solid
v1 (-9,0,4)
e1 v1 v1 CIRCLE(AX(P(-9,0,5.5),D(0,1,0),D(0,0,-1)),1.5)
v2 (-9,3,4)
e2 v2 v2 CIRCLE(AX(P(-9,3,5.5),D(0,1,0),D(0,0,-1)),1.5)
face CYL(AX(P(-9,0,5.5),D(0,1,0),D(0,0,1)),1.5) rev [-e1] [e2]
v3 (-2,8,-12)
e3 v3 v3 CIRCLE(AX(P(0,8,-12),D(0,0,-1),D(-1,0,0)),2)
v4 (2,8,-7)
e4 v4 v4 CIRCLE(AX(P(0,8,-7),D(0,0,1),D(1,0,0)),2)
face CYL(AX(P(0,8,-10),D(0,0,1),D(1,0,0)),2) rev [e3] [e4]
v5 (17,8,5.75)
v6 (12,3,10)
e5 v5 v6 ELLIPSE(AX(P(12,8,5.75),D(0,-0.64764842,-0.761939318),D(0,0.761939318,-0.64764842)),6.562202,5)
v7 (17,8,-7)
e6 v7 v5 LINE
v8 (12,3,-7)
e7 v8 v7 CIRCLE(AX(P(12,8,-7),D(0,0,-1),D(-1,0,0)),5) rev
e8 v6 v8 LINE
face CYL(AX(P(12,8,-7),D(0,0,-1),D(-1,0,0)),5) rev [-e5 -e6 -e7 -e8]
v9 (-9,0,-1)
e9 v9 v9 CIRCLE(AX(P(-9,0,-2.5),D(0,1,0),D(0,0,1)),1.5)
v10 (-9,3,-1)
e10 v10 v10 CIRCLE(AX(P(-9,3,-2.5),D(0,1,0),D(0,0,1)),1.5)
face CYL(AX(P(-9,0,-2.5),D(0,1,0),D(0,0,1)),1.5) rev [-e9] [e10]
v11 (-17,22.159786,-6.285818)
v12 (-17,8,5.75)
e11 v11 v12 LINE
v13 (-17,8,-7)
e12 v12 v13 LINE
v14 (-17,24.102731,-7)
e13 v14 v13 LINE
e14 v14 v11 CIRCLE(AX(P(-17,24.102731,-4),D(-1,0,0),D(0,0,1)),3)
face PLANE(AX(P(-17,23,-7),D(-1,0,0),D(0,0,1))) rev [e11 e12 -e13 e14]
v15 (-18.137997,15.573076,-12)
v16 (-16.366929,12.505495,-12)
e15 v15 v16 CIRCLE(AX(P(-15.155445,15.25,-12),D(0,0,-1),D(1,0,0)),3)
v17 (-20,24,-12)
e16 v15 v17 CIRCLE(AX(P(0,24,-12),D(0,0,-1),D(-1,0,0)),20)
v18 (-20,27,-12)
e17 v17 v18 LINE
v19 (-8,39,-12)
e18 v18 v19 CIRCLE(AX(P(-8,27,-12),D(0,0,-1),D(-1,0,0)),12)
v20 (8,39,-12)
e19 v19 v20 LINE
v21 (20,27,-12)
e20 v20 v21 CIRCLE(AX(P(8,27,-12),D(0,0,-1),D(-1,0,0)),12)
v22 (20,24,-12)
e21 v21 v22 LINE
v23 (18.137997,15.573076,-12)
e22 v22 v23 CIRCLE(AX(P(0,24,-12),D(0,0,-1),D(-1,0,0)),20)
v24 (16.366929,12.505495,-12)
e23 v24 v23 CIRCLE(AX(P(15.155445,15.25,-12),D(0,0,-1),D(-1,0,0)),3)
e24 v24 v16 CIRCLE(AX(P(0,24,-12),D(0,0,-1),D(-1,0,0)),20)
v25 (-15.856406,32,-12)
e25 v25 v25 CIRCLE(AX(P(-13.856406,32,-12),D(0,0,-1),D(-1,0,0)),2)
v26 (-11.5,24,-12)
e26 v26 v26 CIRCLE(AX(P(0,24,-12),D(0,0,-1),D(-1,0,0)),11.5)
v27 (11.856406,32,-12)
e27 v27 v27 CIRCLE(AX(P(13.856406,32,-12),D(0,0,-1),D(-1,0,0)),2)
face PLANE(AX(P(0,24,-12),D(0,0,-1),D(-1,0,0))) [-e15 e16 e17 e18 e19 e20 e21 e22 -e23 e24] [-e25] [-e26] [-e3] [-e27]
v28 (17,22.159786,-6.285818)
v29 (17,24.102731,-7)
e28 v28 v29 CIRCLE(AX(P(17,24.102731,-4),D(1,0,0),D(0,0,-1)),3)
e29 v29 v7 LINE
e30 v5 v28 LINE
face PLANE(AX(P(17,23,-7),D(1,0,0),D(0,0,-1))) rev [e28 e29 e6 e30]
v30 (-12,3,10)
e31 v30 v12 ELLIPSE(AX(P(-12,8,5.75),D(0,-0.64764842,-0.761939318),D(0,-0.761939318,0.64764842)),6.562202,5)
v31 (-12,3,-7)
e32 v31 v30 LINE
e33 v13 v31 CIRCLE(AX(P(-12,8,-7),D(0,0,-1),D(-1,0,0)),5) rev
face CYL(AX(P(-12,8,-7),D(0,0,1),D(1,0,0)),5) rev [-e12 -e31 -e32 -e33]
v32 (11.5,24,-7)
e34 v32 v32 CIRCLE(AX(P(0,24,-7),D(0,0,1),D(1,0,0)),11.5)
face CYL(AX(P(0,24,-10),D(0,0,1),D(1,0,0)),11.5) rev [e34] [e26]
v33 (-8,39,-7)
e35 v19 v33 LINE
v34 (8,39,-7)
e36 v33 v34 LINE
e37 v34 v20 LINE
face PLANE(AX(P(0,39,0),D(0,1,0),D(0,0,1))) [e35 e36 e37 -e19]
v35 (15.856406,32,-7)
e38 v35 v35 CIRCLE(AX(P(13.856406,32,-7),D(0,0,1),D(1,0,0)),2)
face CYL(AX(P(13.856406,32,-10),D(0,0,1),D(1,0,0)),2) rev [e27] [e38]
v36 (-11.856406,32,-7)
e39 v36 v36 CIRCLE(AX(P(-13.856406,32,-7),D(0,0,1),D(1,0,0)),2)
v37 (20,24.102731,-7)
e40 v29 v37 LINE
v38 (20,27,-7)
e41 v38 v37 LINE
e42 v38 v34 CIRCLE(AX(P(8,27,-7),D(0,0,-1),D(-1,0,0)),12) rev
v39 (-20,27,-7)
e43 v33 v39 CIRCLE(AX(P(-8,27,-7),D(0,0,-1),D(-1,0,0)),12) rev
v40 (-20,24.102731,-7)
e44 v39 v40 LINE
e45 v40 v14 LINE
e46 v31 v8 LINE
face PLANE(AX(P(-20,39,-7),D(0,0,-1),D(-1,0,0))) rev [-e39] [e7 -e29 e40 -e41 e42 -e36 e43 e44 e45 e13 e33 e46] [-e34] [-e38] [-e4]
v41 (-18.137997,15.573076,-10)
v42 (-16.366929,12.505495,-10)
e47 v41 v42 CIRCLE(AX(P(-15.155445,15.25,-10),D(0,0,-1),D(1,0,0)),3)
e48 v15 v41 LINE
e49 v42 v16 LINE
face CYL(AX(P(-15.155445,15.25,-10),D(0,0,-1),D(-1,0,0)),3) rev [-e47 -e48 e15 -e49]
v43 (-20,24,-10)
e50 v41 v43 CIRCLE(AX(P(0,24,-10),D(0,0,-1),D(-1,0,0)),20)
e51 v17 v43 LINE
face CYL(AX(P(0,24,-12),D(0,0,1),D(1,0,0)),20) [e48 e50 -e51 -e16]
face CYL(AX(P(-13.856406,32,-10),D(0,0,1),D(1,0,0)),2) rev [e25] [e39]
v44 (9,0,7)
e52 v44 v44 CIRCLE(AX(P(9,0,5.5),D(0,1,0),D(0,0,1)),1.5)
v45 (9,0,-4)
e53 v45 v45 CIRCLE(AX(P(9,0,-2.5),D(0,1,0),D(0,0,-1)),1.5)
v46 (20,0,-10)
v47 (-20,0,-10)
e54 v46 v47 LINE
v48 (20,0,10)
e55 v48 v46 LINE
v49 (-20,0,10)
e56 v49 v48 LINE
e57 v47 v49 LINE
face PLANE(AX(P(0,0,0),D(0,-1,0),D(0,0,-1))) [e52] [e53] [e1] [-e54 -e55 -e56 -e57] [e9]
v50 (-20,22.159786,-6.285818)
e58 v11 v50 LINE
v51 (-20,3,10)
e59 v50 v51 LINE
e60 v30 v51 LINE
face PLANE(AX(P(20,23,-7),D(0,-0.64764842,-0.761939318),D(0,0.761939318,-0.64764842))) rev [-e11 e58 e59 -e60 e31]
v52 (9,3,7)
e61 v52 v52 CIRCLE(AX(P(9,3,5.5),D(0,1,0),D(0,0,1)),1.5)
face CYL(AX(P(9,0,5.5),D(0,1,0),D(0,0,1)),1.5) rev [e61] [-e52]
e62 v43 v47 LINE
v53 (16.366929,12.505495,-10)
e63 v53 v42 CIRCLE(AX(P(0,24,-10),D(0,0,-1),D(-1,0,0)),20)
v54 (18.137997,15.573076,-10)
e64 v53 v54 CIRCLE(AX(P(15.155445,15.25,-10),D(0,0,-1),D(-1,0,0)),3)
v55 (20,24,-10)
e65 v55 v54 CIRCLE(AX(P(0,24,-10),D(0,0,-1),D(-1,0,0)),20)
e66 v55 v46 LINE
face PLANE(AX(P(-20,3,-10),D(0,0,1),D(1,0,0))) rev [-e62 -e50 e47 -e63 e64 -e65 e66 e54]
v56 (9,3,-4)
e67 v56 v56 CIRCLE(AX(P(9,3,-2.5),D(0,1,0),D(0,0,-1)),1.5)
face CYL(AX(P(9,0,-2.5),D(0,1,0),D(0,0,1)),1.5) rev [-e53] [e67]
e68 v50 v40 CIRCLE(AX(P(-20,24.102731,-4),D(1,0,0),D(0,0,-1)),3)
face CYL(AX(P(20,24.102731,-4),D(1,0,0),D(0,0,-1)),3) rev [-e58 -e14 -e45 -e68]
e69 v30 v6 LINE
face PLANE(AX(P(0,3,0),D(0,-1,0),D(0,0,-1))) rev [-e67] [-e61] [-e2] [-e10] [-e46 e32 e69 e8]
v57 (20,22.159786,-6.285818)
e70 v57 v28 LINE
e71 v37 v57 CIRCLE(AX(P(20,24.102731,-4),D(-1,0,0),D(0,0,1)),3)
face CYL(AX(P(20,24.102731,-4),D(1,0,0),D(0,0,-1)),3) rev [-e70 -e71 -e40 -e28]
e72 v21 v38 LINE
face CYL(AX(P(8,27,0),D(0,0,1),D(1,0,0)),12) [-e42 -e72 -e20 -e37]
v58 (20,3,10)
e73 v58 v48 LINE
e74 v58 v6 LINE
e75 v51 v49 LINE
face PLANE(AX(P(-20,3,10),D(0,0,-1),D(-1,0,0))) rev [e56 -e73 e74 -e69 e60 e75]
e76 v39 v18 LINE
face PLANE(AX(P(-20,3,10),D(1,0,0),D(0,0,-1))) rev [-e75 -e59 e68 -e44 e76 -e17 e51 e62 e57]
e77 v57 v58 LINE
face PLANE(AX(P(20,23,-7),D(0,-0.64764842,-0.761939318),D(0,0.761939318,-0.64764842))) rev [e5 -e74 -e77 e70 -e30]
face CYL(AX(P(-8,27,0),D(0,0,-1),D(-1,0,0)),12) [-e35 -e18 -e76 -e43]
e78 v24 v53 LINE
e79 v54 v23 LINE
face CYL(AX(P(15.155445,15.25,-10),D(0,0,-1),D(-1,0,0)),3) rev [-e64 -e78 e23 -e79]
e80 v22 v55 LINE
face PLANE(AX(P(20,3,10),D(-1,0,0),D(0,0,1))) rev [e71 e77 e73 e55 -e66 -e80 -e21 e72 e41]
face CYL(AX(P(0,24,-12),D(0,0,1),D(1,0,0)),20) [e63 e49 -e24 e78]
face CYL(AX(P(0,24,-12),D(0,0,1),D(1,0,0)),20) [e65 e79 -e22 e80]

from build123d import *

# Parameters (mm, degrees)
SKETCH_1_W           = 40
SKETCH_1_H           = 20
EXTRUDE_1_DEPTH      = 3
SKETCH_2_W           = 40
SKETCH_2_H           = 3
EXTRUDE_2_DEPTH      = 36
SKETCH_3_R           = 11.5
SKETCH_3_R_2         = 2
CUT_EXTRUDE_M5_DEPTH = 48.010637094
FILLET_1_R           = 12
SKETCH_4_R           = 2
SKETCH_4_R_2         = 11.5
EXTRUDE_3_DEPTH      = 2
SKETCH_5_R           = 3
CUT_EXTRUDE_2_DEPTH  = 2
SKETCH_6_W           = 3
SKETCH_6_H           = 17
EXTRUDE_4_DEPTH      = 20
CUT_EXTRUDE_3_DEPTH  = 58.140178509
SKETCH_8_R           = 1.5
CUT_EXTRUDE_4_DEPTH  = 43.895221179
FILLET_2_R           = 5
FILLET_3_R           = 3


with BuildPart() as part:
    # 草图1 → 凸台-拉伸1 (new body)
    with BuildSketch(Plane(origin=(0, 0, 0), x_dir=(1, 0, 0), z_dir=(0, 1, 0))):
        Rectangle(SKETCH_1_W, SKETCH_1_H)
    extrude(amount=EXTRUDE_1_DEPTH)

    # 草图2 → 凸台-拉伸2 (add)
    with BuildSketch(Plane(origin=(0, 3, 0), x_dir=(1, 0, 0), z_dir=(0, 1, 0))):
        with Locations((0, 8.5)):
            Rectangle(SKETCH_2_W, SKETCH_2_H)
    extrude(amount=EXTRUDE_2_DEPTH)

    # 草图3 → 螺纹-M5 (cut, through all)
    with BuildSketch(Plane.XY.offset(-7)):
        with Locations((0, 24)):
            Circle(SKETCH_3_R)
        with Locations((13.856406461, 32)):
            Circle(SKETCH_3_R_2)
        with Locations((0, 8)):
            Circle(SKETCH_3_R_2)
        with Locations((-13.856406461, 32)):
            Circle(SKETCH_3_R_2)
    extrude(amount=-CUT_EXTRUDE_M5_DEPTH, mode=Mode.SUBTRACT)

    # 圆角1
    fillet_1_edges = [part.edges().sort_by_distance(p)[0] for p in [
        (-20, 39, -8.5),
        (20, 39, -8.5),
    ]]
    fillet(fillet_1_edges, radius=FILLET_1_R)

    # 草图4 → 凸台-拉伸3 (add)
    with BuildSketch(Plane(origin=(0, 0, -10), x_dir=(-1, 0, 0), z_dir=(0, 0, -1))):
        with BuildLine():
            Line((-8, 39), (8, 39))
            ThreePointArc((8, 39), (16.485281374, 35.485281374), (20, 27))
            Line((20, 27), (20, 24))
            ThreePointArc((20, 24), (0, 4), (-20, 24))
            Line((-20, 24), (-20, 27))
            ThreePointArc((-20, 27), (-16.485281374, 35.485281374), (-8, 39))
        make_face()
        with Locations(Location((0, 8, 0), (0, 0, 180))):
            Circle(SKETCH_4_R, mode=Mode.SUBTRACT)
        with Locations(Location((13.856406461, 32, 0), (0, 0, 180))):
            Circle(SKETCH_4_R, mode=Mode.SUBTRACT)
        with Locations(Location((-13.856406461, 32, 0), (0, 0, 180))):
            Circle(SKETCH_4_R, mode=Mode.SUBTRACT)
        with Locations(Location((0, 24, 0), (0, 0, 180))):
            Circle(SKETCH_4_R_2, mode=Mode.SUBTRACT)
    extrude(amount=EXTRUDE_3_DEPTH)

    # 草图5 → 切除-拉伸2 (cut)
    with BuildSketch(Plane(origin=(0, 0, -12), x_dir=(-1, 0, 0), z_dir=(0, 0, -1))):
        with Locations((-15.155444566, 15.25)):
            Circle(SKETCH_5_R)
        with Locations((15.155444566, 15.25)):
            Circle(SKETCH_5_R)
    extrude(amount=-CUT_EXTRUDE_2_DEPTH, mode=Mode.SUBTRACT)

    # 草图6 → 凸台-拉伸4 (add)
    with BuildSketch(Plane(origin=(0, 3, 0), x_dir=(1, 0, 0), z_dir=(0, 1, 0))):
        with Locations((-18.5, -1.5)):
            Rectangle(SKETCH_6_W, SKETCH_6_H)
        with Locations((18.5, -1.5)):
            Rectangle(SKETCH_6_W, SKETCH_6_H)
    extrude(amount=EXTRUDE_4_DEPTH)

    # 草图7 → 切除-拉伸3 (cut, through all)
    with BuildSketch(Plane.ZY.offset(20)):
        Polygon((-7, 23), (10, 3), (10, 23), align=None)
    extrude(amount=-CUT_EXTRUDE_3_DEPTH, mode=Mode.SUBTRACT)

    # 草图8 → 切除-拉伸4 (cut, through all)
    with BuildSketch(Plane(origin=(0, 3, 0), x_dir=(1, 0, 0), z_dir=(0, 1, 0))):
        with Locations(Location((-9, 2.5, 0), (0, 0, 270))):
            Circle(SKETCH_8_R)
        with Locations(Location((9, 2.5, 0), (0, 0, 90))):
            Circle(SKETCH_8_R)
        with Locations(Location((9, -5.5, 0), (0, 0, 270))):
            Circle(SKETCH_8_R)
        with Locations(Location((-9, -5.5, 0), (0, 0, 90))):
            Circle(SKETCH_8_R)
    extrude(amount=-CUT_EXTRUDE_4_DEPTH, mode=Mode.SUBTRACT)

    # 圆角2
    fillet_2_edges = [part.edges().sort_by_distance(p)[0] for p in [
        (-17, 3, 1.5),
        (17, 3, 1.5),
    ]]
    fillet(fillet_2_edges, radius=FILLET_2_R)

    # 圆角3
    fillet_3_edges = [part.edges().sort_by_distance(p)[0] for p in [
        (-18.5, 23, -7),
        (18.5, 23, -7),
    ]]
    fillet(fillet_3_edges, radius=FILLET_3_R)


solid = part.part
